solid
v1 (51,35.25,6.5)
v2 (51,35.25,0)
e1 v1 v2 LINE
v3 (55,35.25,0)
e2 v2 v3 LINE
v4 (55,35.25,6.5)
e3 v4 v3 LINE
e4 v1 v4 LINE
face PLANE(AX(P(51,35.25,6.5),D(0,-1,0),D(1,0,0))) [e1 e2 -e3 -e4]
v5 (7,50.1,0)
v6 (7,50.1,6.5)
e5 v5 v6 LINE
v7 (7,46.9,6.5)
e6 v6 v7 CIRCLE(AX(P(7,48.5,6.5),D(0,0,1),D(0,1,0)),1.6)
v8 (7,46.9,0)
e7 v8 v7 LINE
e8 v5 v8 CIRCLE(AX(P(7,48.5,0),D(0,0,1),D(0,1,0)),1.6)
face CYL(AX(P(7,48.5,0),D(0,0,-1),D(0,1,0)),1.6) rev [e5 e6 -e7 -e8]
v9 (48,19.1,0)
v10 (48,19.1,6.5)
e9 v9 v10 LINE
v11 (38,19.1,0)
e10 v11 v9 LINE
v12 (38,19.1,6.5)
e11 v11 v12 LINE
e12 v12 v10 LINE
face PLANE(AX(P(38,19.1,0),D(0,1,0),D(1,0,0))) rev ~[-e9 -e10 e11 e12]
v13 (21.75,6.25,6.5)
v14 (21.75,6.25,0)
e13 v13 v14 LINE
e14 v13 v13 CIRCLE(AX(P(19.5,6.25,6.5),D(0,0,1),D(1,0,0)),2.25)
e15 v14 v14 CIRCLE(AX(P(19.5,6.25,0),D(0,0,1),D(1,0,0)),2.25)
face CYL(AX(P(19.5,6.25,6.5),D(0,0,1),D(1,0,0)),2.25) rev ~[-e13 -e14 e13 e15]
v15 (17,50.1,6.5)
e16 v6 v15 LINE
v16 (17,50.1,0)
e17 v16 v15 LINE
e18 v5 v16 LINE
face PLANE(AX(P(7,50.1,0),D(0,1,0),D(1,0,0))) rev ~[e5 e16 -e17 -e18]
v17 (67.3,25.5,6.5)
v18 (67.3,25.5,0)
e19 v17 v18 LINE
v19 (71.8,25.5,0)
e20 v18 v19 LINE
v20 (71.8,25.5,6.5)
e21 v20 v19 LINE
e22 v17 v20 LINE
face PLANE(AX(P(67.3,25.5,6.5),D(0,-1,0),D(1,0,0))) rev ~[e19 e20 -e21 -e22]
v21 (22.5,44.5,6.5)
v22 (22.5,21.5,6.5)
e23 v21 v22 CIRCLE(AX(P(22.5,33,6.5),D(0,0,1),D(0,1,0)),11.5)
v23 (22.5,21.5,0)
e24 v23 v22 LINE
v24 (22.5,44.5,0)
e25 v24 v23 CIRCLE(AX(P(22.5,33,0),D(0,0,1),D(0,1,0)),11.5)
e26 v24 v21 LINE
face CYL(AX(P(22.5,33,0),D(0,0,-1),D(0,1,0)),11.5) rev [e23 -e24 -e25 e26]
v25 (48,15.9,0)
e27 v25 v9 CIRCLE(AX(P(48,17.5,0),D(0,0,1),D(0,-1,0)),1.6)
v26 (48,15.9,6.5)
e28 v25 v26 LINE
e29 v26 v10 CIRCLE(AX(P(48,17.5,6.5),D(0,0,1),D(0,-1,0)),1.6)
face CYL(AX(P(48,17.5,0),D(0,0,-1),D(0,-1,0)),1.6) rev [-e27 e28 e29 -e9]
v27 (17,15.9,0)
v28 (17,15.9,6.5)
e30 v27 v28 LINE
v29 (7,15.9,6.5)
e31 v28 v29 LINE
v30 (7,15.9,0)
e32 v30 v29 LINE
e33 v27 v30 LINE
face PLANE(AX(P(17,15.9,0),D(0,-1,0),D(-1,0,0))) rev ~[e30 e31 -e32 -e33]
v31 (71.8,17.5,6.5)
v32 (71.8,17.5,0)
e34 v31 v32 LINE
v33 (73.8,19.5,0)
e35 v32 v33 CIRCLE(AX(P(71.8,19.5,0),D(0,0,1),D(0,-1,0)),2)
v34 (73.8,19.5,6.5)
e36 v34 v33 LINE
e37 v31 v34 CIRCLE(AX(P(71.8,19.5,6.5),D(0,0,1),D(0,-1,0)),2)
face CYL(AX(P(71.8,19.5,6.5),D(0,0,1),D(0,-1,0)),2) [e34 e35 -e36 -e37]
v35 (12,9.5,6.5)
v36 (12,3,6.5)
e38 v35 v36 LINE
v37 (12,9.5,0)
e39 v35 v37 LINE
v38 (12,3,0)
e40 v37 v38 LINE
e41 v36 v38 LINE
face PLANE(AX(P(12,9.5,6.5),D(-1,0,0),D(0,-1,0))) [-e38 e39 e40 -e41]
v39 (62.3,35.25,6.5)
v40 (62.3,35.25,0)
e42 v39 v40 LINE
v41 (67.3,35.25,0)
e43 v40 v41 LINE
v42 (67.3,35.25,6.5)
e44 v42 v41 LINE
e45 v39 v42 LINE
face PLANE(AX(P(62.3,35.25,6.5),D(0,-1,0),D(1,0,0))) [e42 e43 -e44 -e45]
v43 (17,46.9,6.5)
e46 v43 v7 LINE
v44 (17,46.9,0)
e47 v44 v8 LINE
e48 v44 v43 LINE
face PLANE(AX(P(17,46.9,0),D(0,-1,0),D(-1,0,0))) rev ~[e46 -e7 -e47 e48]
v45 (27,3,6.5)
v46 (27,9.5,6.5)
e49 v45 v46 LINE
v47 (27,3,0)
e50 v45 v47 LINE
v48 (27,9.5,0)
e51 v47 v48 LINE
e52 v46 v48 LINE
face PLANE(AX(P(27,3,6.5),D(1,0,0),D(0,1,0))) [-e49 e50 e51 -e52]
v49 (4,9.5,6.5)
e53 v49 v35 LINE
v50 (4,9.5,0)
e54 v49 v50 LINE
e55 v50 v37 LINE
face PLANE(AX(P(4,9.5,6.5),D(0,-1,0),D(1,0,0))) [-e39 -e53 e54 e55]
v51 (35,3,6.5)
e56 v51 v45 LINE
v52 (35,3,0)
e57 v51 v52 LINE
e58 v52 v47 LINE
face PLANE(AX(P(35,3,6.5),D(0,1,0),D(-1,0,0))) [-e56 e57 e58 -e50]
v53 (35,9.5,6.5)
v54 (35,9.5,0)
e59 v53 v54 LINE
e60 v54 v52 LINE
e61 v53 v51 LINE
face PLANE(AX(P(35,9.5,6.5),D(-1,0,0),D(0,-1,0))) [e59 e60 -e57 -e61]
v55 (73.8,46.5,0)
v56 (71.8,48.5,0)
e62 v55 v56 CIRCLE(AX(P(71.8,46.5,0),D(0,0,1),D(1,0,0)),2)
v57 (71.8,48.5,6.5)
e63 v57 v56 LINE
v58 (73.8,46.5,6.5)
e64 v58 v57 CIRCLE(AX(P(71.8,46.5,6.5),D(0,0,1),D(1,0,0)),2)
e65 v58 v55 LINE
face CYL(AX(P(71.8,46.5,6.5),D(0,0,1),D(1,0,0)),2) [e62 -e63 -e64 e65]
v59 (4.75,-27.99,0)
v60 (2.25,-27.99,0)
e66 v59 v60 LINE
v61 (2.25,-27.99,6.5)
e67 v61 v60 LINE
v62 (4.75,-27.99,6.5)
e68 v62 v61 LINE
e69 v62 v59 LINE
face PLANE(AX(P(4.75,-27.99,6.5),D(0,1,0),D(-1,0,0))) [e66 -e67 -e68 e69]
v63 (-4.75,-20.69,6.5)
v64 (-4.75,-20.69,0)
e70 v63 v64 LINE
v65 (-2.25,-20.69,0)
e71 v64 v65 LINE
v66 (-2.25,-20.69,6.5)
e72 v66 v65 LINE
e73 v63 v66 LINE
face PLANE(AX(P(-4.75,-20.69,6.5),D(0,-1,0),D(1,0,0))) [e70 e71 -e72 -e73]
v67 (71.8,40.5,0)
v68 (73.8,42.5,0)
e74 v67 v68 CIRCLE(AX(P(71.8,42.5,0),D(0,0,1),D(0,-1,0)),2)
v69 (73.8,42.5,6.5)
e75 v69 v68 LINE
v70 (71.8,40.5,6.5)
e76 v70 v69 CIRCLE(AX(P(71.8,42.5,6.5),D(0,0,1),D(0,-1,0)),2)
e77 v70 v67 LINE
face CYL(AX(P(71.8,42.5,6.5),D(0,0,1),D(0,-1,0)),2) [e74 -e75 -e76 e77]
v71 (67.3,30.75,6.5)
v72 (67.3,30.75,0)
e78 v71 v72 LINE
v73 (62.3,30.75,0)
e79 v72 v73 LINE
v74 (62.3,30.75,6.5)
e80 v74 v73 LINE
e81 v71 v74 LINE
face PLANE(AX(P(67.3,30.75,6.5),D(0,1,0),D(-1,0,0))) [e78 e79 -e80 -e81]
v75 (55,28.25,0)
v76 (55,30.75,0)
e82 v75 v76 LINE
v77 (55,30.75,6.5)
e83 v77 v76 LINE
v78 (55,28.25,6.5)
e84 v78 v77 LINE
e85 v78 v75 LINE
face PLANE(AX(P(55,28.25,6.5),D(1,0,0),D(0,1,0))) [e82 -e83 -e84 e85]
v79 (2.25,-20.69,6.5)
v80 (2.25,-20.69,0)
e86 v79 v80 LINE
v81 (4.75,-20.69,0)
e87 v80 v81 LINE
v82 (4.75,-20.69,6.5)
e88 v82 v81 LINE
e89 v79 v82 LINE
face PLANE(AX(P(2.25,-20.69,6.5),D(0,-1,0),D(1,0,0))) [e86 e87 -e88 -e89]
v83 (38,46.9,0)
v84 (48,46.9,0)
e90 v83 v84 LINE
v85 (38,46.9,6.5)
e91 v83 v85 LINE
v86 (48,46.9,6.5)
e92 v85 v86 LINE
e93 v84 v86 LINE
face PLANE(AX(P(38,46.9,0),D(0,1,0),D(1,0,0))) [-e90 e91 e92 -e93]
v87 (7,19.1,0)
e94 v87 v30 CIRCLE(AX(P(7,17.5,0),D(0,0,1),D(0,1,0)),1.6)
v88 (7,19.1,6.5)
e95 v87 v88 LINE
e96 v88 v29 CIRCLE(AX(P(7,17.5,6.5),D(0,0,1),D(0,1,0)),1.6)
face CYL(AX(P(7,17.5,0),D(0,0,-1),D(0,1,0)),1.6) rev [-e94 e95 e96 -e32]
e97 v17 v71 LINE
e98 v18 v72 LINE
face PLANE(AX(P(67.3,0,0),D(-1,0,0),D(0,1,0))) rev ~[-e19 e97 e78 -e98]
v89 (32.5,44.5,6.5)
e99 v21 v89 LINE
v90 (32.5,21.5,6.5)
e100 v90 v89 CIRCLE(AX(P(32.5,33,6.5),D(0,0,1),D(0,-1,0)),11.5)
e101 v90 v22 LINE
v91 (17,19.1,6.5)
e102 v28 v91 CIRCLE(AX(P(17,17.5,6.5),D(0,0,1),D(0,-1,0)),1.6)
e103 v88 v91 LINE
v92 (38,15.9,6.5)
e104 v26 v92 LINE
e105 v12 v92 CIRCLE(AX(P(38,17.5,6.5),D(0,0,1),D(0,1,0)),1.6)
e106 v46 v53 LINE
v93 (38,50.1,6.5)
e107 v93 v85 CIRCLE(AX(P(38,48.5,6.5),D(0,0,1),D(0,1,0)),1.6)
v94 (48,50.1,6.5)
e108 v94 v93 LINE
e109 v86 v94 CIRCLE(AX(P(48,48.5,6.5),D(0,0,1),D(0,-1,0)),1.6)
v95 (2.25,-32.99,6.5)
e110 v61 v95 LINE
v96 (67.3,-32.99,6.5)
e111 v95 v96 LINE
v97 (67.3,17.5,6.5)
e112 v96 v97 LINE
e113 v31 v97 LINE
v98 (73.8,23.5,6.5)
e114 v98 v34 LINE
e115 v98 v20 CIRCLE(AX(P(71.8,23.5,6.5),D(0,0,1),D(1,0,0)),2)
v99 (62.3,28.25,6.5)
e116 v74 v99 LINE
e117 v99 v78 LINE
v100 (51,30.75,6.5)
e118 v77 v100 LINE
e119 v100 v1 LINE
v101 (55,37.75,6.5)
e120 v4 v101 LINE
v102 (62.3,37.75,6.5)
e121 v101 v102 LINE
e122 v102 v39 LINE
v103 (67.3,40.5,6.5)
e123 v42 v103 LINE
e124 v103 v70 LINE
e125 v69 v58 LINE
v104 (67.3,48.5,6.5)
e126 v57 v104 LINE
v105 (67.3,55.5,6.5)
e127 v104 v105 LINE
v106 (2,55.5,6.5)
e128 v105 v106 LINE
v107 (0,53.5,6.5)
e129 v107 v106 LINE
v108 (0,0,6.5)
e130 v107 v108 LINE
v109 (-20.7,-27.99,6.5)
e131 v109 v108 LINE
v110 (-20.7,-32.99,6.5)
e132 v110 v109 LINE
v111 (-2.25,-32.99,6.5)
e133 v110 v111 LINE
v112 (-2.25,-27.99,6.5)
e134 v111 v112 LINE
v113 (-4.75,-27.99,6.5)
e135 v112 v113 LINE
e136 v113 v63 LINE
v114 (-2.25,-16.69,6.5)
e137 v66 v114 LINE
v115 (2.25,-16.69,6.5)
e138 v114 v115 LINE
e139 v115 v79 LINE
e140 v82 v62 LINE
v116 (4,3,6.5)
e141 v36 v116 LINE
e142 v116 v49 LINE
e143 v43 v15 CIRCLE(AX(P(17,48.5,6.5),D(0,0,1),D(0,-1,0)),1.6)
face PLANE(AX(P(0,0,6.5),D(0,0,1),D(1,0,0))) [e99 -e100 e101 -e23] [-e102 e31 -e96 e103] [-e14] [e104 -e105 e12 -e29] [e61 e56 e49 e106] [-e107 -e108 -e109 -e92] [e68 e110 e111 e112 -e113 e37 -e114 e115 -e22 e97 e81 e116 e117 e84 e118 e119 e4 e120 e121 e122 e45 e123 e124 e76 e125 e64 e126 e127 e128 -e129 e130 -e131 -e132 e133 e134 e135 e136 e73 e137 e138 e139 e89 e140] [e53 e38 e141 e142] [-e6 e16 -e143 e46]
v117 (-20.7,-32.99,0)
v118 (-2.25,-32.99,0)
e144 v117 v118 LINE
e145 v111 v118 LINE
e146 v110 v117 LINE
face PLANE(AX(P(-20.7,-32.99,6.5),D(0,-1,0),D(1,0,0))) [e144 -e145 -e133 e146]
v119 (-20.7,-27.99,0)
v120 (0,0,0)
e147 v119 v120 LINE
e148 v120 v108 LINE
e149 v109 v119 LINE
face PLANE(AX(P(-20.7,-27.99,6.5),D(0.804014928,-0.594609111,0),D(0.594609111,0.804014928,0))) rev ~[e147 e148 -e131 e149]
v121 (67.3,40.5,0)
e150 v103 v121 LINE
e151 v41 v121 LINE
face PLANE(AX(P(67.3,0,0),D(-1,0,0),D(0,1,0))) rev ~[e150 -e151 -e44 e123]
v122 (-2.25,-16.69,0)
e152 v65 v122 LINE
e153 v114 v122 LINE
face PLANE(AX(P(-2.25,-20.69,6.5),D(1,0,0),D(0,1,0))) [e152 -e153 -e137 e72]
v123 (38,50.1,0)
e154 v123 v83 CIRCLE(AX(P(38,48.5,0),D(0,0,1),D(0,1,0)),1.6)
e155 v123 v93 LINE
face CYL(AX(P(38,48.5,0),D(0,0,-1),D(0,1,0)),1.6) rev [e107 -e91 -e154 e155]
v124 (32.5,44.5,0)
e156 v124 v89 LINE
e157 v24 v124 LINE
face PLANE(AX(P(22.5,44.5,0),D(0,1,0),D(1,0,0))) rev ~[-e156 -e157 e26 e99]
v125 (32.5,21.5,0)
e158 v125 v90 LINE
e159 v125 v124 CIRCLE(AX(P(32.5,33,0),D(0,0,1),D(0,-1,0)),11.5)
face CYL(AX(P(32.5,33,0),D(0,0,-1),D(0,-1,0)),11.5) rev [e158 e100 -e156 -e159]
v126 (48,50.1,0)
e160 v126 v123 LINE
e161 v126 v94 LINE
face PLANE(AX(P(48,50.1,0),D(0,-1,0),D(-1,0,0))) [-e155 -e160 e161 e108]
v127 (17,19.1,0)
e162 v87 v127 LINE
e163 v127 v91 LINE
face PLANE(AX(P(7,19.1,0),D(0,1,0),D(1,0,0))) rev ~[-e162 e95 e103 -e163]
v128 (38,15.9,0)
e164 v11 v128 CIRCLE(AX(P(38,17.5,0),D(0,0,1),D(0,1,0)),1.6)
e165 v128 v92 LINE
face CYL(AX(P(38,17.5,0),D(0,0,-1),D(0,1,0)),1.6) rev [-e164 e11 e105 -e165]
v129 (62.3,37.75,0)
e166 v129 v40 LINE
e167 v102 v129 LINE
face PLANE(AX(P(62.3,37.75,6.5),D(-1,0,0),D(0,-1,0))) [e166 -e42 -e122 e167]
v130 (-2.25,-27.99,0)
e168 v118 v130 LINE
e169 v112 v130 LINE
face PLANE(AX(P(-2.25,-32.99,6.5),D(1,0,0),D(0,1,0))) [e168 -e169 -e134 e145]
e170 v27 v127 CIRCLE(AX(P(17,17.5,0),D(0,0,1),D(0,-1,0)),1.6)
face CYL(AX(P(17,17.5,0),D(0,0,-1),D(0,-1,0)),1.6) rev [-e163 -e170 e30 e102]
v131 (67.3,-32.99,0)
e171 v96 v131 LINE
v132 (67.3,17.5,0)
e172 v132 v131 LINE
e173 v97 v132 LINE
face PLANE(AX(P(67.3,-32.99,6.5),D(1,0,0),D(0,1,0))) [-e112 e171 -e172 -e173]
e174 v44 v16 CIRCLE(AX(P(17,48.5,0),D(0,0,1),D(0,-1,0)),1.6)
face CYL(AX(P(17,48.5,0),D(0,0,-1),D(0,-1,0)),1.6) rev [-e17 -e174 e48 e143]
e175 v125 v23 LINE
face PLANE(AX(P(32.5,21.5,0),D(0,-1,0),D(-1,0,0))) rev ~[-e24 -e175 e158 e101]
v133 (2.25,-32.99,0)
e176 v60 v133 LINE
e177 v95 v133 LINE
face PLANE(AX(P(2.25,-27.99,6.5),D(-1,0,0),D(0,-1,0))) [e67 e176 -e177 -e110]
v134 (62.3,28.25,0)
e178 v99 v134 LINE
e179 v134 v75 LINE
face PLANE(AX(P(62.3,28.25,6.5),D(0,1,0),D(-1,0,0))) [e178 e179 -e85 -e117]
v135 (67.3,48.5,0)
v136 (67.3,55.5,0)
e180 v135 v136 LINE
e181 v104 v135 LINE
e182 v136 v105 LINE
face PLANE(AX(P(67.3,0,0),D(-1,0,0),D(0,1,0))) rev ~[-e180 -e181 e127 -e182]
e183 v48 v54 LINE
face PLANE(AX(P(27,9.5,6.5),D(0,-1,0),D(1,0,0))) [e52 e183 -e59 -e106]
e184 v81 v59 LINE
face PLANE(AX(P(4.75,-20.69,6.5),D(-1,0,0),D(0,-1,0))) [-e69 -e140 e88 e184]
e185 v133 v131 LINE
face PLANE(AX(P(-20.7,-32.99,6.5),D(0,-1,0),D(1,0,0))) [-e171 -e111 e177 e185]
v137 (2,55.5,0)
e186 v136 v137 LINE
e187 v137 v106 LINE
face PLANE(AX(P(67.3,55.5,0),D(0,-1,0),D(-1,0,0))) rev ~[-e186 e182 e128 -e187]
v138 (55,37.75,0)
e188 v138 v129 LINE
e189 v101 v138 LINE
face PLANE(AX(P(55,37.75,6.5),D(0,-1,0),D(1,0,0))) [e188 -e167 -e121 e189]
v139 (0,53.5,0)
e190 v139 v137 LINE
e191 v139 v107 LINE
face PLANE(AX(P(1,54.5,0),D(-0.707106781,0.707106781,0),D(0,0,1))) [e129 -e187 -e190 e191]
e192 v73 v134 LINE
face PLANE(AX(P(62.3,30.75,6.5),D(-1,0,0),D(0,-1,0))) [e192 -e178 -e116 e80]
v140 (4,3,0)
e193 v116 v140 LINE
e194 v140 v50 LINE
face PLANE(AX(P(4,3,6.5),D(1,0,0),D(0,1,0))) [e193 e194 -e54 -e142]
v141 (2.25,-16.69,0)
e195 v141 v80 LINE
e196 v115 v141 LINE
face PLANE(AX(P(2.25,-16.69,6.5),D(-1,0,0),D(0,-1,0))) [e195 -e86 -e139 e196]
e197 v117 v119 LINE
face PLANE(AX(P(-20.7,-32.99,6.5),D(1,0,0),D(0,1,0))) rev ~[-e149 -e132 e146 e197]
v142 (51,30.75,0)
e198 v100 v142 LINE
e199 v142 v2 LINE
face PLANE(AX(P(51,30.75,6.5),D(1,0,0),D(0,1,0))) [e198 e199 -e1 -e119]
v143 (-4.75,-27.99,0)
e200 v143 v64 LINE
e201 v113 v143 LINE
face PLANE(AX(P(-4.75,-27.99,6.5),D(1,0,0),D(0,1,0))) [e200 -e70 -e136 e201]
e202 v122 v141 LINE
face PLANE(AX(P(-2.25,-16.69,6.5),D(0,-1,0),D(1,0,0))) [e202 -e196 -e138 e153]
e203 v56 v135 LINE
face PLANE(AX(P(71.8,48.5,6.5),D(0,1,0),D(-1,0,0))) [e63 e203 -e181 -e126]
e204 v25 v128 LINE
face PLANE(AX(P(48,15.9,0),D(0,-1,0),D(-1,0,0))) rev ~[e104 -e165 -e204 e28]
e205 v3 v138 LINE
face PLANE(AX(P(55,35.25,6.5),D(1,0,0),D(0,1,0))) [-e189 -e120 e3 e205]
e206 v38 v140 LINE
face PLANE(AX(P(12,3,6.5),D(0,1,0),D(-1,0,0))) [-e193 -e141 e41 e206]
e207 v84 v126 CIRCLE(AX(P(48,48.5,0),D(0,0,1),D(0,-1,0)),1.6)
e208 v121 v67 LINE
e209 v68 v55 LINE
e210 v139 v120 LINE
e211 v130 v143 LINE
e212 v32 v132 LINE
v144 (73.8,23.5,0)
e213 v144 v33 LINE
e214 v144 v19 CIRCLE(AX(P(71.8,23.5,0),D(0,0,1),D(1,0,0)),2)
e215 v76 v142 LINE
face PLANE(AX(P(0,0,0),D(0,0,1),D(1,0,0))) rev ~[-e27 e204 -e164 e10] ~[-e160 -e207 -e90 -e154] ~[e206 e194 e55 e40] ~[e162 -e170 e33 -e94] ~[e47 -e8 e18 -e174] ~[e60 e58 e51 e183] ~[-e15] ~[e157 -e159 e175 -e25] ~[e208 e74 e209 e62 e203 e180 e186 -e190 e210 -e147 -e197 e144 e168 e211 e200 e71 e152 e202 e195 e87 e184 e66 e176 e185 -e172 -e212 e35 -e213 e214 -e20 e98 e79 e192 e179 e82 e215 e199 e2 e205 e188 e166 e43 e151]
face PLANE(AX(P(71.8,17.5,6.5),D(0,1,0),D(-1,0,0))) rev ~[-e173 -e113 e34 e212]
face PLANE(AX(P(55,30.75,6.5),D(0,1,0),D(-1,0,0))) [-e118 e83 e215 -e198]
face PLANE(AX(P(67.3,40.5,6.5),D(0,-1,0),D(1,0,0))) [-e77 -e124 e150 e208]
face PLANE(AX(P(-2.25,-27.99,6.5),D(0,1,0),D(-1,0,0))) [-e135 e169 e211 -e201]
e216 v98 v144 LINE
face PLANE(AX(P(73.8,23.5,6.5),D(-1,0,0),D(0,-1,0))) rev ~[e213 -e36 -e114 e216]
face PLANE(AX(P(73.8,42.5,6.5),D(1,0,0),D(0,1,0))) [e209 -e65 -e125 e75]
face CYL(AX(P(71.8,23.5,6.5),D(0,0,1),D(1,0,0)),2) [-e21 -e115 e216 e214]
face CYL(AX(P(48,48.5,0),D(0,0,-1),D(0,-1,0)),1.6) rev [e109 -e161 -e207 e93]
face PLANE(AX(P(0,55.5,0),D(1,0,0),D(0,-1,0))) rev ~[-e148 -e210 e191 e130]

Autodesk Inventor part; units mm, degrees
ref_plane "YZ Plane" through (0, 0, 0) normal (1, 0, 0) x (0, 1, 0)
ref_plane "XZ Plane" through (0, 0, 0) normal (0, 1, 0) x (-1, 0, 0)
ref_plane "XY Plane" through (0, 0, 0) normal (0, 0, 1) x (1, 0, 0)
sketch "Sketch1" plane through (0, 0, 0) normal (0, 0, 1) x (1, 0, 0)
  line L0 (0, 0) -> (67.3, 0)
  line L1 (67.3, 0) -> (67.3, 55.5)
  line L2 (67.3, 55.5) -> (0, 55.5)
  line L3 (0, 55.5) -> (0, 0)
  line L4 (7, 48.5) -> (38, 48.5) construction
  line L5 (38, 48.5) -> (38, 17.5) construction
  line L6 (38, 17.5) -> (7, 17.5) construction
  line L7 (7, 17.5) -> (7, 48.5) construction
  line L8 (7, 48.5) -> (17, 48.5) construction
  line L9 (7, 50.1) -> (17, 50.1)
  line L10 (17, 46.9) -> (7, 46.9)
  arc A0 (7, 50.1) -> (7, 46.9) centre (7, 48.5) ccw
  arc A1 (17, 46.9) -> (17, 50.1) centre (17, 48.5) ccw
  line L11 (7, 17.5) -> (17, 17.5) construction
  line L12 (7, 19.1) -> (17, 19.1)
  line L13 (17, 15.9) -> (7, 15.9)
  arc A2 (7, 19.1) -> (7, 15.9) centre (7, 17.5) ccw
  arc A3 (17, 15.9) -> (17, 19.1) centre (17, 17.5) ccw
  line L14 (38, 48.5) -> (48, 48.5) construction
  line L15 (38, 46.9) -> (48, 46.9)
  line L16 (48, 50.1) -> (38, 50.1)
  arc A4 (38, 50.1) -> (38, 46.9) centre (38, 48.5) ccw
  arc A5 (48, 46.9) -> (48, 50.1) centre (48, 48.5) ccw
  line L17 (38, 17.5) -> (48, 17.5) construction
  line L18 (38, 19.1) -> (48, 19.1)
  line L19 (48, 15.9) -> (38, 15.9)
  arc A6 (38, 19.1) -> (38, 15.9) centre (38, 17.5) ccw
  arc A7 (48, 15.9) -> (48, 19.1) centre (48, 17.5) ccw
  line L20 (22.5, 33) -> (32.5, 33) construction
  line L21 (22.5, 44.5) -> (32.5, 44.5)
  line L22 (32.5, 21.5) -> (22.5, 21.5)
  arc A8 (22.5, 44.5) -> (22.5, 21.5) centre (22.5, 33) ccw
  arc A9 (32.5, 21.5) -> (32.5, 44.5) centre (32.5, 33) ccw
  point P0 (12, 48.5)
  point P1 (12, 17.5)
  point P2 (43, 48.5)
  point P3 (43, 17.5)
  point P4 (27.5, 33)
  point P5 (22.5, 48.5)
  point P6 (7, 33)
  dimension "d0" = 31
  dimension "d2" = 10
  dimension "d3" = 3.2
  dimension "d4" = 10
  dimension "d5" = 23
  dimension "d6" = 7
  dimension "d7" = 7
  dimension "d8" = 17.5
  dimension "d9" = 34.8
extrude "Extrusion1" add sketch "Sketch1" along normal blind 6.5
sketch "Sketch2" plane through (0, 0, 6.5) normal (0, 0, 1) x (1, 0, 0)
  line L0 (0, 0) -> (67.3, 0) projected
  line L1 (0, 55.5) -> (0, 0) projected
  line L2 (4, 9.5) -> (12, 9.5)
  line L3 (12, 9.5) -> (12, 3)
  line L4 (12, 3) -> (4, 3)
  line L5 (4, 3) -> (4, 9.5)
  line L6 (27, 9.5) -> (35, 9.5)
  line L7 (35, 9.5) -> (35, 3)
  line L8 (35, 3) -> (27, 3)
  line L9 (27, 3) -> (27, 9.5)
  line L10 (12, 3) -> (27, 9.5) construction
  line L11 (27, 3) -> (12, 9.5) construction
  circle A0 centre (19.5, 6.25) radius 2.25
  dimension "d12" = 8
  dimension "d13" = 6.5
  dimension "d14" = 15
  dimension "d15" = 4.5
  dimension "d16" = 3
  dimension "d17" = 4
  dimension "d18" = 8
extrude "Extrusion2" cut sketch "Sketch2" against normal through all
sketch "Sketch3" plane through (0, 0, 6.5) normal (0, 0, 1) x (1, 0, 0)
  arc A0 (32.5, 21.5) -> (32.5, 44.5) centre (32.5, 33) ccw projected
  line L0 (67.3, 0) -> (67.3, 55.5) projected
  line L1 (67.3, 35.25) -> (67.3, 30.75)
  line L2 (51, 30.75) -> (51, 35.25)
  line L3 (55, 37.75) -> (62.3, 37.75)
  line L4 (62.3, 28.25) -> (55, 28.25)
  line L5 (51, 35.25) -> (55, 35.25)
  line L6 (62.3, 35.25) -> (67.3, 35.25)
  line L7 (67.3, 30.75) -> (62.3, 30.75)
  line L8 (55, 30.75) -> (51, 30.75)
  line L9 (55, 28.25) -> (55, 30.75)
  line L10 (55, 35.25) -> (55, 37.75)
  line L11 (62.3, 37.75) -> (62.3, 35.25)
  line L12 (62.3, 30.75) -> (62.3, 28.25)
  point P0 (51, 33)
  dimension "d21" = 4.5
  dimension "d22" = 4
  dimension "d23" = 5
  dimension "d24" = 7.3
  dimension "d25" = 2.5
  dimension "d26" = 2.5
extrude "Extrusion3" cut sketch "Sketch3" against normal through all
sketch "Sketch4" plane through (0, 0, 6.5) normal (0, 0, 1) x (1, 0, 0)
  line L0 (67.3, 35.25) -> (67.3, 55.5) projected
  line L1 (67.3, 0) -> (67.3, 30.75) projected
  line L2 (51, 30.75) -> (51, 35.25) projected
  line L3 (67.3, 40.5) -> (71.8, 40.5)
  line L4 (73.8, 42.5) -> (73.8, 46.5)
  line L5 (71.8, 48.5) -> (67.3, 48.5)
  line L6 (67.3, 48.5) -> (67.3, 40.5)
  line L7 (67.3, 25.5) -> (71.8, 25.5)
  line L8 (73.8, 23.5) -> (73.8, 19.5)
  line L9 (71.8, 17.5) -> (67.3, 17.5)
  line L10 (67.3, 17.5) -> (67.3, 25.5)
  arc A0 (73.8, 46.5) -> (71.8, 48.5) centre (71.8, 46.5) ccw
  arc A1 (71.8, 40.5) -> (73.8, 42.5) centre (71.8, 42.5) ccw
  arc A2 (73.8, 23.5) -> (71.8, 25.5) centre (71.8, 23.5) ccw
  arc A3 (71.8, 17.5) -> (73.8, 19.5) centre (71.8, 19.5) ccw
  point P0 (51, 33)
  dimension "d29" = 2
  dimension "d30" = 8
  dimension "d31" = 8
  dimension "d32" = 6.5
  dimension "d33" = 15
  dimension "d34" = 7.5
extrude "Extrusion4" add sketch "Sketch4" against normal blind 6.5
chamfer "Chamfer1" distance 2 angle 45 1 edges at (0, 55.5, 3.25)
sketch "Sketch5" plane through (0, 0, 6.5) normal (0, 0, 1) x (1, 0, 0)
  line L0 (7, 50.1) -> (17, 50.1) projected
  line L1 (-20.7, -32.99) -> (67.3, -32.99)
  line L2 (67.3, -32.99) -> (67.3, 0)
  line L3 (0, 0) -> (67.3, 0)
  line L4 (-20.7, -32.99) -> (-20.7, -27.99)
  line L5 (-20.7, -27.99) -> (0, 0)
  point P0 (67.3, 55.5)
  dimension "d40" = 88.49
  dimension "d41" = 88
  dimension "d42" = 5
extrude "Extrusion5" add sketch "Sketch5" against normal blind 6.5
sketch "Sketch6" plane through (0, 0, 6.5) normal (0, 0, 1) x (1, 0, 0)
  line L0 (-20.7, -32.99) -> (67.3, -32.99) projected
  line L1 (-2.25, -16.69) -> (2.25, -16.69)
  line L2 (2.25, -32.99) -> (-2.25, -32.99)
  line L3 (4.75, -20.69) -> (4.75, -27.99)
  line L4 (-4.75, -27.99) -> (-4.75, -20.69)
  line L5 (-4.75, -20.69) -> (-2.25, -20.69)
  line L6 (2.25, -20.69) -> (4.75, -20.69)
  line L7 (4.75, -27.99) -> (2.25, -27.99)
  line L8 (-2.25, -27.99) -> (-4.75, -27.99)
  line L9 (-2.25, -32.99) -> (-2.25, -27.99)
  line L10 (-2.25, -20.69) -> (-2.25, -16.69)
  line L11 (2.25, -16.69) -> (2.25, -20.69)
  line L12 (2.25, -27.99) -> (2.25, -32.99)
  point P0 (0, 0)
  point P1 (0, -16.69)
  dimension "d45" = 4.5
  dimension "d46" = 2.5
  dimension "d47" = 2.5
  dimension "d48" = 5
  dimension "d49" = 4
  dimension "d50" = 7.3
extrude "Extrusion6" cut sketch "Sketch6" against normal through all
properties part number "y_motor_mount" material "Plywood, Finish"
